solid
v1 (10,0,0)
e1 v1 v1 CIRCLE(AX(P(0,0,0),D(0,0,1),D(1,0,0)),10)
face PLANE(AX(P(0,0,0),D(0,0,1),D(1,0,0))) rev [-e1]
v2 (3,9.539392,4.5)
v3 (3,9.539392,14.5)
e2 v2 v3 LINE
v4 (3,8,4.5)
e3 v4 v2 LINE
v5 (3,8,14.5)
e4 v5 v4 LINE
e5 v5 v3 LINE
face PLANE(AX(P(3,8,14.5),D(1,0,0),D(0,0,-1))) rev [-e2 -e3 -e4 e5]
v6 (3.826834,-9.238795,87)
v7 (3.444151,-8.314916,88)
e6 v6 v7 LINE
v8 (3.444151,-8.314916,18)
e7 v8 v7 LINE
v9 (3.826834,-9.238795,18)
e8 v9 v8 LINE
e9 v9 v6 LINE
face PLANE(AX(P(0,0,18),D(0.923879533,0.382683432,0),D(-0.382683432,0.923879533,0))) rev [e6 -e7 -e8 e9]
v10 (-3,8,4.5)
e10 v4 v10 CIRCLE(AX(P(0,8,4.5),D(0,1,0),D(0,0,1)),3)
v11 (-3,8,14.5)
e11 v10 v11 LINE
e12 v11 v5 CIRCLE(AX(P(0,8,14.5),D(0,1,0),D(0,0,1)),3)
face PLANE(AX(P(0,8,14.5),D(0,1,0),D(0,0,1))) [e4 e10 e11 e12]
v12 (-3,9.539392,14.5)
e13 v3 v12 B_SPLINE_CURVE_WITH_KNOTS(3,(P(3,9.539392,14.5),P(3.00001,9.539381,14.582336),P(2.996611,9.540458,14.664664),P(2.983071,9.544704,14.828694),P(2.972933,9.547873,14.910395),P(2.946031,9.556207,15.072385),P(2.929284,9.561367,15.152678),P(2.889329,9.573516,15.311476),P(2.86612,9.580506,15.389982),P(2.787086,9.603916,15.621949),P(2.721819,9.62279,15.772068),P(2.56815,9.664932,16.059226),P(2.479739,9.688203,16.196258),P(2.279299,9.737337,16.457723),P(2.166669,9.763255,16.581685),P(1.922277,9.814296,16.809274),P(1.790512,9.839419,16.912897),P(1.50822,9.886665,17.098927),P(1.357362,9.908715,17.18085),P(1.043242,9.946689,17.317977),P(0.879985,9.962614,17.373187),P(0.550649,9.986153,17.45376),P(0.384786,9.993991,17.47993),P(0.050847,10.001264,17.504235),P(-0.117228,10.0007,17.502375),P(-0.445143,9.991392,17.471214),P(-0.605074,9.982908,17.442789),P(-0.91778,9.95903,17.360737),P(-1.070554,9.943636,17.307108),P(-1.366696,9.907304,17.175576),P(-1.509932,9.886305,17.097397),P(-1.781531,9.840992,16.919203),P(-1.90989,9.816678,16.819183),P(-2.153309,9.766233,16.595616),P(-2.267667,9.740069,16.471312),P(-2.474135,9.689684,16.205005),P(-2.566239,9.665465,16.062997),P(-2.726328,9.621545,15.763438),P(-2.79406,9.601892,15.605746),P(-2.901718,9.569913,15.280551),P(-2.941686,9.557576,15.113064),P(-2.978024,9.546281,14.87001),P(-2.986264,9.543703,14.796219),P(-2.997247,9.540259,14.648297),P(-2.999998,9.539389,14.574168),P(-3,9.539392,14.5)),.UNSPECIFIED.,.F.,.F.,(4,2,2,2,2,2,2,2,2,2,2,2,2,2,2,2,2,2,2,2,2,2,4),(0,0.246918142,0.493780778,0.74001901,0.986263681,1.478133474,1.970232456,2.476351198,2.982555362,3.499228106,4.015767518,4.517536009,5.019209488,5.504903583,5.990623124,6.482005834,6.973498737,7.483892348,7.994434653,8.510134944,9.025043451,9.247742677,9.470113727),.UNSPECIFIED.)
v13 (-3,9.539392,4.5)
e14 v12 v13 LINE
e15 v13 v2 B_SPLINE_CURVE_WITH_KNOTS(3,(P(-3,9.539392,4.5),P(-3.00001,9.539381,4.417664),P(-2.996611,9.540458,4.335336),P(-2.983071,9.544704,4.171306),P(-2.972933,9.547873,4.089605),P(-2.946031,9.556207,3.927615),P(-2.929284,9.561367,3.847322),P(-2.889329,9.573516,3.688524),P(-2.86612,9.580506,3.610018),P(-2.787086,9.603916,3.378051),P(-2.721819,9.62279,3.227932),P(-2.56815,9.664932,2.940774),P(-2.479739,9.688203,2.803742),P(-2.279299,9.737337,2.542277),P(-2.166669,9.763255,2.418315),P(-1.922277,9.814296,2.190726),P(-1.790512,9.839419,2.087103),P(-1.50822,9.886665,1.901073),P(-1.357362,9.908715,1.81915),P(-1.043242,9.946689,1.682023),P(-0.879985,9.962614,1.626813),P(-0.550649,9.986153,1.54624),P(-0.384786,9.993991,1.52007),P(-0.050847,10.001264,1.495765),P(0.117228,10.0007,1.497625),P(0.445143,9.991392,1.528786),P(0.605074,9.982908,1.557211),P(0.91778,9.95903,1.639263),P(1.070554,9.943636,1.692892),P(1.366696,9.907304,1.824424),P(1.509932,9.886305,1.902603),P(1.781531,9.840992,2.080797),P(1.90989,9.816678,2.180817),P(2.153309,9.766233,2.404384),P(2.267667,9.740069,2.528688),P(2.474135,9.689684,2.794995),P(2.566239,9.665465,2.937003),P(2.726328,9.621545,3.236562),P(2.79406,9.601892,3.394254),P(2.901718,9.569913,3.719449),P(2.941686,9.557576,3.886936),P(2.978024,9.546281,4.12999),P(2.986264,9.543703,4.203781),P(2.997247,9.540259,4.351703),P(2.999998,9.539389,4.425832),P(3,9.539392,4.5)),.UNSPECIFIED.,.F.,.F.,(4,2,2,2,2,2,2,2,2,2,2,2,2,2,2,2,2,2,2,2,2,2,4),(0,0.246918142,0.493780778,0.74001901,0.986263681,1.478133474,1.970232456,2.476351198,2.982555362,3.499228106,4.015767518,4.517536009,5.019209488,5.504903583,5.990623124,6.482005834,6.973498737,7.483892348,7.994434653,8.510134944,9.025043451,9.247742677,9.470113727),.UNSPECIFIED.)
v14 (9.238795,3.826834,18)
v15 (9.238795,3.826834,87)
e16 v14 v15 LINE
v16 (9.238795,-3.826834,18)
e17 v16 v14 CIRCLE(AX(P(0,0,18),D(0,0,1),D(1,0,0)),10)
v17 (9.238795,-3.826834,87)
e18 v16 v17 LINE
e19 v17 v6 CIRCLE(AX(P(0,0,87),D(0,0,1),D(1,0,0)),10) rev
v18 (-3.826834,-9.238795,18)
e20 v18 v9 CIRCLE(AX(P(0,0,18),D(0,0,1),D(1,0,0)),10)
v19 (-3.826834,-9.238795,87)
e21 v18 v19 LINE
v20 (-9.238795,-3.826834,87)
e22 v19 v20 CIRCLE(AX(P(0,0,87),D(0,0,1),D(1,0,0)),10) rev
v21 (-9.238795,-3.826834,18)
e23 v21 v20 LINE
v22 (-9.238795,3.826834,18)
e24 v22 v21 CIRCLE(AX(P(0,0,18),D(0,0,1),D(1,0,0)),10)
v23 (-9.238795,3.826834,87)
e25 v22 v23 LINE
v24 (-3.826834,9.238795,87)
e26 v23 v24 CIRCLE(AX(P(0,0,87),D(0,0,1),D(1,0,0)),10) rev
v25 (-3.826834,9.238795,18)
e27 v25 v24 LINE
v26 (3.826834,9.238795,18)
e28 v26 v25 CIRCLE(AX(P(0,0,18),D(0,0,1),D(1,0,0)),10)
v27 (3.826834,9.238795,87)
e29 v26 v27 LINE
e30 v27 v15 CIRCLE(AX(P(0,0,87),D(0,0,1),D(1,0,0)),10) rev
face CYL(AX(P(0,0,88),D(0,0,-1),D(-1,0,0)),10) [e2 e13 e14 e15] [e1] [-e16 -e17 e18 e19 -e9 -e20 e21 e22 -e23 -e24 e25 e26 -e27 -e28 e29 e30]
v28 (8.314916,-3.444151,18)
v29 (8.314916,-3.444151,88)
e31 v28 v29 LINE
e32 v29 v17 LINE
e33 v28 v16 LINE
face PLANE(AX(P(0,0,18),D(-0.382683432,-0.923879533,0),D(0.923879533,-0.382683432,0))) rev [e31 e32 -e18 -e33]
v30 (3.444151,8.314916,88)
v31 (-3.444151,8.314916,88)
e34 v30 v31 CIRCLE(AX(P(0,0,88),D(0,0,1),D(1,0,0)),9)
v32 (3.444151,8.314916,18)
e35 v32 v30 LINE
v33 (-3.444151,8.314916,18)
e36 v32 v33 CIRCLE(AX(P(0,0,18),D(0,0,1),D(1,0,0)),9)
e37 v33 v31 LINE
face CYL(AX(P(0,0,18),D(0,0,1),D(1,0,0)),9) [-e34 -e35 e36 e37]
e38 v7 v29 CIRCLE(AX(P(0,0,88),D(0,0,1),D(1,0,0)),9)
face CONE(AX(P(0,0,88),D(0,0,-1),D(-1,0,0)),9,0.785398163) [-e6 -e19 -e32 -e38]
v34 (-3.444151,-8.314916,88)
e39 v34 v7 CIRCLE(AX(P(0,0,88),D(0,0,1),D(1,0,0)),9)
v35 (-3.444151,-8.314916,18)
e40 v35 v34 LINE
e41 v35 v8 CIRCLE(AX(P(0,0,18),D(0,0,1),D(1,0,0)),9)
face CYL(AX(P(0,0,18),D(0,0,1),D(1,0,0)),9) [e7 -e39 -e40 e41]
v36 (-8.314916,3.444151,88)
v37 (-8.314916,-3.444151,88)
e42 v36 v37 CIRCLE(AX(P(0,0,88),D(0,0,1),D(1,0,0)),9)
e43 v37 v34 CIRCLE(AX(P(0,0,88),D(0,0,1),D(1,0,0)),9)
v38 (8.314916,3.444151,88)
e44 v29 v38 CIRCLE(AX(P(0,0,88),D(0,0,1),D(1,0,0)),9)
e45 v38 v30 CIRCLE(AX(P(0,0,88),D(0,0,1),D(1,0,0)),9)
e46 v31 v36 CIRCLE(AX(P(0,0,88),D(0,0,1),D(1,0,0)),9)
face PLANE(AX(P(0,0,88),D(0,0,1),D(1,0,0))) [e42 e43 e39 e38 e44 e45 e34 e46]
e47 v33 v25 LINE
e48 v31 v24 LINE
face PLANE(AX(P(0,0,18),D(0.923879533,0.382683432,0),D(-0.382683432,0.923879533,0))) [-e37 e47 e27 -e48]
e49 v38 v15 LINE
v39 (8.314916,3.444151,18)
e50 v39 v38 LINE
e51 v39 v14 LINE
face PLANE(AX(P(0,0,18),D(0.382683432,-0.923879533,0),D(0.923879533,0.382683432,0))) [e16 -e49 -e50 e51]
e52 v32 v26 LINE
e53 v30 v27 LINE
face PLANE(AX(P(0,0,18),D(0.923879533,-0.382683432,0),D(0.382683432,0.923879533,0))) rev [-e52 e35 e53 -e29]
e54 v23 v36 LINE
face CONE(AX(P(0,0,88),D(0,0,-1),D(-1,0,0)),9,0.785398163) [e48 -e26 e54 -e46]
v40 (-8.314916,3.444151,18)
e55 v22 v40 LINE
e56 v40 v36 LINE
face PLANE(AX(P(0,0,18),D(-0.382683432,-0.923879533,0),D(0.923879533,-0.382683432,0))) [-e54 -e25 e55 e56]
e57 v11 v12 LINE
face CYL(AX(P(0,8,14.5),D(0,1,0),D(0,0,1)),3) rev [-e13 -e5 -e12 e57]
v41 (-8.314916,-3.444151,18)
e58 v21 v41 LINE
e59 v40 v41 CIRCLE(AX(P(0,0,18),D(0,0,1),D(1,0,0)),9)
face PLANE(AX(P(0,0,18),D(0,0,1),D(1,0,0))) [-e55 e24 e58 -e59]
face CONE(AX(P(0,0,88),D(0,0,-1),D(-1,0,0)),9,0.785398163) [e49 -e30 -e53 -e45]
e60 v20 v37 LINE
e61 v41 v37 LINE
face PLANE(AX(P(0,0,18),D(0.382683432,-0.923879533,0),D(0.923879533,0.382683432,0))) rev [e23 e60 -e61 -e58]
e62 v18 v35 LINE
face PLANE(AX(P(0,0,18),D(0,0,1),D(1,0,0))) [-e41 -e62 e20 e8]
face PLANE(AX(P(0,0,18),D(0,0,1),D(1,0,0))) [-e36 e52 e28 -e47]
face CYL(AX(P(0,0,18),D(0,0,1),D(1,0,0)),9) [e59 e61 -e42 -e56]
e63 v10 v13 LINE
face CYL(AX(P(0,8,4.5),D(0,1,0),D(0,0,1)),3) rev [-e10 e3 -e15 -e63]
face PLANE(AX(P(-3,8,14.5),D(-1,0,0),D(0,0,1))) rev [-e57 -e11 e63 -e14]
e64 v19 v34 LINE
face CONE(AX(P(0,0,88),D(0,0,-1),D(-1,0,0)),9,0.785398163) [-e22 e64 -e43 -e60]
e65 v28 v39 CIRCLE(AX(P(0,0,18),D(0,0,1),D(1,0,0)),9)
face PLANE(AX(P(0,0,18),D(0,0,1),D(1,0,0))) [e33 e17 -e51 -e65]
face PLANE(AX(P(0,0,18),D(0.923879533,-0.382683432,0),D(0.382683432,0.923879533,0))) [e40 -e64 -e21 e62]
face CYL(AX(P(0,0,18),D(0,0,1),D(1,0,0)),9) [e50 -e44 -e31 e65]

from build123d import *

# Parameters (mm, degrees)
CROQUIS1_R              = 10
SALIENTE_EXTRUIR1_DEPTH = 88
CHAFL_N1_SIZE           = 1
CORTAR_EXTRUIR1_START   = -70
CORTAR_EXTRUIR1_DEPTH   = 70
CORTAR_EXTRUIR5_DEPTH   = 2


with BuildPart() as part:
    # Croquis1 → Saliente-Extruir1 (new body)
    with BuildSketch(Plane.XY):
        Circle(CROQUIS1_R)
    extrude(amount=SALIENTE_EXTRUIR1_DEPTH)

    # Chaflán1
    chafl_n1_edges = [part.edges().sort_by_distance(p)[0] for p in [
        (-10, 0, 88),
    ]]
    chamfer(chafl_n1_edges, length=CHAFL_N1_SIZE)

    # Croquis3 → Cortar-Extruir1 (cut)
    with BuildSketch(Plane.XY.offset(88).offset(CORTAR_EXTRUIR1_START)):
        with BuildLine():
            ThreePointArc((3.826834324, 9.238795325), (0, 10), (-3.826834324, 9.238795325))
            Line((-3.826834324, 9.238795325), (-3.444150891, 8.314915793))
            ThreePointArc((-3.444150891, 8.314915793), (0, 9), (3.444150891, 8.314915793))
            Line((3.444150891, 8.314915793), (3.826834324, 9.238795325))
        make_face()
        with BuildLine():
            ThreePointArc((10, 0), (9.807852804, 1.95090322), (9.238795325, 3.826834324))
            Line((9.238795325, 3.826834324), (8.314915793, 3.444150891))
            ThreePointArc((8.314915793, 3.444150891), (8.827067524, 1.755812898), (9, 0))
            ThreePointArc((9, 0), (8.827067524, -1.755812898), (8.314915793, -3.444150891))
            Line((8.314915793, -3.444150891), (9.238795325, -3.826834324))
            ThreePointArc((9.238795325, -3.826834324), (9.807852804, -1.95090322), (10, 0))
        make_face()
        with BuildLine():
            Line((-3.444150891, -8.314915793), (-3.826834324, -9.238795325))
            ThreePointArc((-3.826834324, -9.238795325), (0, -10), (3.826834324, -9.238795325))
            Line((3.826834324, -9.238795325), (3.444150891, -8.314915793))
            ThreePointArc((3.444150891, -8.314915793), (0, -9), (-3.444150891, -8.314915793))
        make_face()
        with BuildLine():
            Line((-8.314915793, 3.444150891), (-9.238795325, 3.826834324))
            ThreePointArc((-9.238795325, 3.826834324), (-10, 0), (-9.238795325, -3.826834324))
            Line((-9.238795325, -3.826834324), (-8.314915793, -3.444150891))
            ThreePointArc((-8.314915793, -3.444150891), (-9, 0), (-8.314915793, 3.444150891))
        make_face()
    extrude(amount=CORTAR_EXTRUIR1_DEPTH, mode=Mode.SUBTRACT)

    # Croquis4 → Cortar-Extruir5 (cut)
    with BuildSketch(Plane(origin=(0, 10, 0), x_dir=(1, 0, 0), z_dir=(0, 1, 0))):
        with BuildLine():
            Line((-3, -14.5), (-3, -4.5))
            ThreePointArc((-3, -4.5), (0, -1.5), (3, -4.5))
            Line((3, -4.5), (3, -14.5))
            ThreePointArc((3, -14.5), (0, -17.5), (-3, -14.5))
        make_face()
    extrude(amount=-CORTAR_EXTRUIR5_DEPTH, mode=Mode.SUBTRACT)


solid = part.part
